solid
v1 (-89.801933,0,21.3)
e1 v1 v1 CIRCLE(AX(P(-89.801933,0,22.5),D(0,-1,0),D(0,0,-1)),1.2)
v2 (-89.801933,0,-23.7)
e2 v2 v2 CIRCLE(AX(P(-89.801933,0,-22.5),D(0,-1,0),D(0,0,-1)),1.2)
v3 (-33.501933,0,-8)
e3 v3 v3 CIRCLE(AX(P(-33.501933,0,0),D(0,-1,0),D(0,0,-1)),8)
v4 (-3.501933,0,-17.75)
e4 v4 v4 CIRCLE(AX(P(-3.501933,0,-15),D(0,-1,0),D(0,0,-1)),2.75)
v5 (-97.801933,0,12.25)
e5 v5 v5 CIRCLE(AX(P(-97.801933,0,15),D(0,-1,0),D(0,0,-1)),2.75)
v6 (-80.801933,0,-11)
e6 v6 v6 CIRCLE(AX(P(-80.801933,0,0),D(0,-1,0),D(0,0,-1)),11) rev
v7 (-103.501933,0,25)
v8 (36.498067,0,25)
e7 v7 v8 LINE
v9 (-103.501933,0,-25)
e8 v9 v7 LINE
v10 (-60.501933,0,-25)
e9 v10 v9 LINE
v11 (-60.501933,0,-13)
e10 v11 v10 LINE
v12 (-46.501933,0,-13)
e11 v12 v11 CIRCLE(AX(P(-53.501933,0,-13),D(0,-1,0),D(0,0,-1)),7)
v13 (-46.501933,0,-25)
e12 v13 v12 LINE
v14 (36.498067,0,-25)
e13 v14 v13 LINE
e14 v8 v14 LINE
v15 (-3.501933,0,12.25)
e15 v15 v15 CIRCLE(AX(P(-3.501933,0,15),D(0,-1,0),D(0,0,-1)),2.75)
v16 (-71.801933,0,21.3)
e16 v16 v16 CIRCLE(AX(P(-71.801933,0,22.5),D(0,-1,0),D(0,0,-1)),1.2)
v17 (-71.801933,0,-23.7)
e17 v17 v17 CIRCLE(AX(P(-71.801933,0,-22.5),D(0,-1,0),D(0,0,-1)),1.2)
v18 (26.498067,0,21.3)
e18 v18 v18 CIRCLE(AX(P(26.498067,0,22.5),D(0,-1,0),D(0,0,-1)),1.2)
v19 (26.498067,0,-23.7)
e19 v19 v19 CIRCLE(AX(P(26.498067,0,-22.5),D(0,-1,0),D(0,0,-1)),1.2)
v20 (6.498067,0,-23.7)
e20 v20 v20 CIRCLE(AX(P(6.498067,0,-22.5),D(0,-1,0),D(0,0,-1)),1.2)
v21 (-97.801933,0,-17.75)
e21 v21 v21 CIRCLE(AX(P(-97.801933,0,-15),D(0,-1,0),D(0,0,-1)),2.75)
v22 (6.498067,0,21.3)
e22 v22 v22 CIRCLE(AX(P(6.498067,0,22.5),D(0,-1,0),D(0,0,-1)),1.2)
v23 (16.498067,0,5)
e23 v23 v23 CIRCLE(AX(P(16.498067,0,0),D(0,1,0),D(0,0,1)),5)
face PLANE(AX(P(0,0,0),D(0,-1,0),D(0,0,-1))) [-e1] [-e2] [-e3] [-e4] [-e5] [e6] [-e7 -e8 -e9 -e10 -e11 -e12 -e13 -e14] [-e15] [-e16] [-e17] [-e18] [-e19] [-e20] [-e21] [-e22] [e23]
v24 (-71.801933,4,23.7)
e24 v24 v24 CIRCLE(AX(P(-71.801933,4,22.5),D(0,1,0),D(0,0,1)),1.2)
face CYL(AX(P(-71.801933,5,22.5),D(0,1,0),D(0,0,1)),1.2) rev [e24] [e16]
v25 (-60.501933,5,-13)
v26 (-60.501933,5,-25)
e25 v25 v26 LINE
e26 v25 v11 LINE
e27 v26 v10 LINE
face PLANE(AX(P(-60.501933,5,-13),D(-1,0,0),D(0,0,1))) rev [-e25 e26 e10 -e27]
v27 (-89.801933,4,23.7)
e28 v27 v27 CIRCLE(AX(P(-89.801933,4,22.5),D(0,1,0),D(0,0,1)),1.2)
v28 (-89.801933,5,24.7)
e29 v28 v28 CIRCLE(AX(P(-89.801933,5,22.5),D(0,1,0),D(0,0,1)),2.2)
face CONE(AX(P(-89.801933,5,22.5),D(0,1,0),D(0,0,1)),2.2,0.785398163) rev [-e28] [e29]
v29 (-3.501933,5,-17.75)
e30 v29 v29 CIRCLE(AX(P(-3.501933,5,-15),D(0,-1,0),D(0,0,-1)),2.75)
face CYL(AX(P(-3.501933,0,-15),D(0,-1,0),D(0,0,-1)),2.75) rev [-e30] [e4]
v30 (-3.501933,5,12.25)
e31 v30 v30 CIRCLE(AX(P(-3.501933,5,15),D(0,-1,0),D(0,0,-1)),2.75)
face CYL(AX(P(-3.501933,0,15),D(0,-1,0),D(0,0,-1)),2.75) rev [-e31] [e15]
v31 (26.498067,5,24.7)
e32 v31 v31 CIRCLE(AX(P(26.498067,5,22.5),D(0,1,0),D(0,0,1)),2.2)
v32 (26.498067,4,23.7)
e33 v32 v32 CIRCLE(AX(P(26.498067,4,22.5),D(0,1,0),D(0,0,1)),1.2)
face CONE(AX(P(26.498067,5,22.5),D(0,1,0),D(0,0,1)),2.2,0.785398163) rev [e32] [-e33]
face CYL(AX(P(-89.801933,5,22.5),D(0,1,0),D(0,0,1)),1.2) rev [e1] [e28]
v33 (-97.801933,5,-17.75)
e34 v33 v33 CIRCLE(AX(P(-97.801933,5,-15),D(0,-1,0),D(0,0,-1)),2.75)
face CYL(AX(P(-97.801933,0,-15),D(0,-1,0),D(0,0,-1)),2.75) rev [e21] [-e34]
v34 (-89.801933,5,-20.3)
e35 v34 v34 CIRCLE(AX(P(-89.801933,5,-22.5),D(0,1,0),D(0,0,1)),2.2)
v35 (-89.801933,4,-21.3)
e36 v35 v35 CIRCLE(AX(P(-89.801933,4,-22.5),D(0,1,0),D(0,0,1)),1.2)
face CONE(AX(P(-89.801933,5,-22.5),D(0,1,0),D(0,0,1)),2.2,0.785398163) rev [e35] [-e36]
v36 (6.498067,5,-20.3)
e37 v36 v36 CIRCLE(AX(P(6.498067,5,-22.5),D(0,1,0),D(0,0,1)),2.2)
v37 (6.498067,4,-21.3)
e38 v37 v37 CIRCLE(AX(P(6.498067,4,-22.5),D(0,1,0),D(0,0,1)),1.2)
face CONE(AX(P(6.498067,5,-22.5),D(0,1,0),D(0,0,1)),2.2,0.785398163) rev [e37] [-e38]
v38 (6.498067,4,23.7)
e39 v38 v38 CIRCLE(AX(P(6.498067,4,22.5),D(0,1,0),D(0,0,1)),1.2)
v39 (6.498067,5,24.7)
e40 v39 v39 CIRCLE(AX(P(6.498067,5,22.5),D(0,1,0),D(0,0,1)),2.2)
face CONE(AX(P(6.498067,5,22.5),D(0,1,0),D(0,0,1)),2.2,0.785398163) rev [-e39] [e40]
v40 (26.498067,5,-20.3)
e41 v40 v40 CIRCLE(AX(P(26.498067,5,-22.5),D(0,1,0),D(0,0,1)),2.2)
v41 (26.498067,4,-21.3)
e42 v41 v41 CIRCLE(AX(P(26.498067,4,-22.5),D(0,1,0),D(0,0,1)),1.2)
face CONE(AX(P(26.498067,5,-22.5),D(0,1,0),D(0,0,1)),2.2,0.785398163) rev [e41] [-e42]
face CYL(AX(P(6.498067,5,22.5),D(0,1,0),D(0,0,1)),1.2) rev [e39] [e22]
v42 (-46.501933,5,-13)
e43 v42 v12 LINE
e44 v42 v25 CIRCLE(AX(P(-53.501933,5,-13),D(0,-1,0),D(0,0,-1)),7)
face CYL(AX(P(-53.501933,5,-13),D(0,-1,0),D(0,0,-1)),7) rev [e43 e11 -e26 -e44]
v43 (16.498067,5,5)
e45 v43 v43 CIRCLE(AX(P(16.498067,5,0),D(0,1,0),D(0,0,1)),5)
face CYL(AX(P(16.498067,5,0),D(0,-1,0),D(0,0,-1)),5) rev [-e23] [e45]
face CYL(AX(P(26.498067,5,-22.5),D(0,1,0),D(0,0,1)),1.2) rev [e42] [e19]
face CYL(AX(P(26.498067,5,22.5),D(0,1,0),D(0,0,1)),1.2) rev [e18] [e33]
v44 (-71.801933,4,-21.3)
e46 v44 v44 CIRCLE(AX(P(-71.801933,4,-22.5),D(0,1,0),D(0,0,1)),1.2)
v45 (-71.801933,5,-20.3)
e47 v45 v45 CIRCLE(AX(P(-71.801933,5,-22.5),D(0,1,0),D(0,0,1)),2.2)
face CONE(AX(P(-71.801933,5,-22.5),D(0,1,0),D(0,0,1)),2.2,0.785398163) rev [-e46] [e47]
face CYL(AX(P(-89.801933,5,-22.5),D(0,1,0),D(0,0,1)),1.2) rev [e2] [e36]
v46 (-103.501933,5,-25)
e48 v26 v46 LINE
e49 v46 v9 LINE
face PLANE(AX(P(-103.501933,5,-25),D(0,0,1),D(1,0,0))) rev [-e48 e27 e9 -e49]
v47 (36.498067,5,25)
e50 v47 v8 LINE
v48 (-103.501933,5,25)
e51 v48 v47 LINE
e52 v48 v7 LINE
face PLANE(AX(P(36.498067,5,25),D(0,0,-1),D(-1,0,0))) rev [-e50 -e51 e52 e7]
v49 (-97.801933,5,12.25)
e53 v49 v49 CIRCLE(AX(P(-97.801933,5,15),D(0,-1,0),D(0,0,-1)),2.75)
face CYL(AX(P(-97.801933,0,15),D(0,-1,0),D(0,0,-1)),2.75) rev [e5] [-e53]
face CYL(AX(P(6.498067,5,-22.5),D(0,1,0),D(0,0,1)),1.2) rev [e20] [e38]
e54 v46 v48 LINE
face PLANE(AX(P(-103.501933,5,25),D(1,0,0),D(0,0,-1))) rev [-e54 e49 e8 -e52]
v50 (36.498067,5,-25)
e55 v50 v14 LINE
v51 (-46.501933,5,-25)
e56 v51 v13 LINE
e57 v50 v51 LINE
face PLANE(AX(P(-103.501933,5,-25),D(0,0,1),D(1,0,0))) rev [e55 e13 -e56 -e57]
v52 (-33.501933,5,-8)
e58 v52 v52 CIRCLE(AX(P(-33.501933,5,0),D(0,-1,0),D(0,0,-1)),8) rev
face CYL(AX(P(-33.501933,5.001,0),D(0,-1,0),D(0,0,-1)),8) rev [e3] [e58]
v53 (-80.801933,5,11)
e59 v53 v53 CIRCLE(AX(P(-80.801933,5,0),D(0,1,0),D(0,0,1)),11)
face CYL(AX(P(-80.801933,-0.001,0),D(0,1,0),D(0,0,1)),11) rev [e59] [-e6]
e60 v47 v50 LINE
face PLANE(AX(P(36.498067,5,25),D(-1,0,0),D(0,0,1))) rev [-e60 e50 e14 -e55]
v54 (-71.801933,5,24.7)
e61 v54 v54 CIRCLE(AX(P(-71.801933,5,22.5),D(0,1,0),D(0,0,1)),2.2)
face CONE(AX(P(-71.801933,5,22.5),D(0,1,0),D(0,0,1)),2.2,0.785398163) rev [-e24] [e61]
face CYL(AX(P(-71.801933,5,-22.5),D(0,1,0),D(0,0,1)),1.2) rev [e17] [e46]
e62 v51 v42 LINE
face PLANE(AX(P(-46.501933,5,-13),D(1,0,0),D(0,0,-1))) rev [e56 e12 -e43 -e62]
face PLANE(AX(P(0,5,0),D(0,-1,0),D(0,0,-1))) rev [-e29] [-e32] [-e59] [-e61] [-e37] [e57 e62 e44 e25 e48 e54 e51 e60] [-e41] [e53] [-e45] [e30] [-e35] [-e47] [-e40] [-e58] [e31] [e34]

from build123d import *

# Parameters (mm, degrees)
SKETCH1_W                                           = 140
SKETCH1_H                                           = 50
SKETCH1_R                                           = 5
BOSS_EXTRUDE2_DEPTH                                 = 5
CUT_EXTRUDE1_REACH                                  = 108.596
SKETCH5_R                                           = 8
CUT_EXTRUDE2_REACH                                  = 108.596
SKETCH14_R                                          = 11
CSK_FOR_M2_COUNTERSUNK_FLAT_HEAD_SCREW1_D           = 2.4
CSK_FOR_M2_COUNTERSUNK_FLAT_HEAD_SCREW1_CSINK_D     = 4.4
CSK_FOR_M2_COUNTERSUNK_FLAT_HEAD_SCREW1_CSINK_ANGLE = 90
M5_CLEARANCE_HOLE1_D                                = 5.5
M5_CLEARANCE_HOLE1_DEPTH                            = 19.75
M5_CLEARANCE_HOLE1_TIP                              = 1.652366702
CUT_EXTRUDE3_DEPTH                                  = 107.595732004


with BuildPart() as part:
    # Sketch1 → Boss-Extrude2 (new body)
    with BuildSketch(Plane(origin=(0, 0, 0), x_dir=(1, 0, 0), z_dir=(0, 1, 0))):
        with Locations((-33.501932743, 0)):
            Rectangle(SKETCH1_W, SKETCH1_H)
        with Locations(Location((16.498067257, 0, 0), (0, 0, 270))):
            Circle(SKETCH1_R, mode=Mode.SUBTRACT)
    extrude(amount=BOSS_EXTRUDE2_DEPTH)

    # Sketch5 → Cut-Extrude1 (cut, up to next)
    with BuildSketch(Plane.XZ, mode=Mode.PRIVATE) as cut_extrude1_sk1:
        with Locations(Location((-33.501932743, 0, 0), (0, 0, 270))):
            Circle(SKETCH5_R)
    cut_extrude1_tool1 = extrude(cut_extrude1_sk1.sketch, amount=-CUT_EXTRUDE1_REACH, mode=Mode.PRIVATE) & part.part
    add(cut_extrude1_tool1.solids().sort_by_distance((-33.501933, 0, 0))[0], mode=Mode.SUBTRACT)

    # Sketch14 → Cut-Extrude2 (cut, up to next)
    with BuildSketch(Plane(origin=(0, 5, 0), x_dir=(1, 0, 0), z_dir=(0, 1, 0)), mode=Mode.PRIVATE) as cut_extrude2_sk1:
        with Locations(Location((-80.801932743, 0, 0), (0, 0, 270))):
            Circle(SKETCH14_R)
    cut_extrude2_tool1 = extrude(cut_extrude2_sk1.sketch, amount=-CUT_EXTRUDE2_REACH, mode=Mode.PRIVATE) & part.part
    add(cut_extrude2_tool1.solids().sort_by_distance((-80.801933, 5, 0))[0], mode=Mode.SUBTRACT)

    # CSK for M2 Countersunk Flat Head Screw1 (through all)
    with Locations(Plane(origin=(0, 5, 0), x_dir=(1, 0, 0), z_dir=(0, 1, 0))):
        with Locations((-89.801932743, 22.5), (-71.801932743, 22.5), (-71.801932743, -22.5), (-89.801932743, -22.5), (6.498067257, 22.5), (26.498067257, 22.5), (6.498067257, -22.5), (26.498067257, -22.5)):
            CounterSinkHole(CSK_FOR_M2_COUNTERSUNK_FLAT_HEAD_SCREW1_D / 2, CSK_FOR_M2_COUNTERSUNK_FLAT_HEAD_SCREW1_CSINK_D / 2, counter_sink_angle=CSK_FOR_M2_COUNTERSUNK_FLAT_HEAD_SCREW1_CSINK_ANGLE)

    # M5 Clearance Hole1
    with Locations(Plane(origin=(0, 0, 0), x_dir=(-1, 0, 0), z_dir=(0, -1, 0))):
        with Locations((97.801932743, 15), (97.801932743, -15), (3.501932743, -15), (3.501932743, 15)):
            Hole(M5_CLEARANCE_HOLE1_D / 2, depth=M5_CLEARANCE_HOLE1_DEPTH)
            with Locations((0, 0, -(M5_CLEARANCE_HOLE1_DEPTH + M5_CLEARANCE_HOLE1_TIP / 2))):  # 118° drill point
                Cone(0, M5_CLEARANCE_HOLE1_D / 2, M5_CLEARANCE_HOLE1_TIP, mode=Mode.SUBTRACT)

    # Sketch20 → Cut-Extrude3 (cut, through all)
    with BuildSketch(Plane(origin=(0, 0, 0), x_dir=(-1, 0, 0), z_dir=(0, -1, 0))):
        with BuildLine():
            Line((46.501932743, 13), (46.501932743, 25))
            ThreePointArc((46.501932743, 25), (53.501932743, 32), (60.501932743, 25))
            Line((60.501932743, 25), (60.501932743, 13))
            ThreePointArc((60.501932743, 13), (53.501932743, 6), (46.501932743, 13))
        make_face()
    extrude(amount=-CUT_EXTRUDE3_DEPTH, mode=Mode.SUBTRACT)


solid = part.part
